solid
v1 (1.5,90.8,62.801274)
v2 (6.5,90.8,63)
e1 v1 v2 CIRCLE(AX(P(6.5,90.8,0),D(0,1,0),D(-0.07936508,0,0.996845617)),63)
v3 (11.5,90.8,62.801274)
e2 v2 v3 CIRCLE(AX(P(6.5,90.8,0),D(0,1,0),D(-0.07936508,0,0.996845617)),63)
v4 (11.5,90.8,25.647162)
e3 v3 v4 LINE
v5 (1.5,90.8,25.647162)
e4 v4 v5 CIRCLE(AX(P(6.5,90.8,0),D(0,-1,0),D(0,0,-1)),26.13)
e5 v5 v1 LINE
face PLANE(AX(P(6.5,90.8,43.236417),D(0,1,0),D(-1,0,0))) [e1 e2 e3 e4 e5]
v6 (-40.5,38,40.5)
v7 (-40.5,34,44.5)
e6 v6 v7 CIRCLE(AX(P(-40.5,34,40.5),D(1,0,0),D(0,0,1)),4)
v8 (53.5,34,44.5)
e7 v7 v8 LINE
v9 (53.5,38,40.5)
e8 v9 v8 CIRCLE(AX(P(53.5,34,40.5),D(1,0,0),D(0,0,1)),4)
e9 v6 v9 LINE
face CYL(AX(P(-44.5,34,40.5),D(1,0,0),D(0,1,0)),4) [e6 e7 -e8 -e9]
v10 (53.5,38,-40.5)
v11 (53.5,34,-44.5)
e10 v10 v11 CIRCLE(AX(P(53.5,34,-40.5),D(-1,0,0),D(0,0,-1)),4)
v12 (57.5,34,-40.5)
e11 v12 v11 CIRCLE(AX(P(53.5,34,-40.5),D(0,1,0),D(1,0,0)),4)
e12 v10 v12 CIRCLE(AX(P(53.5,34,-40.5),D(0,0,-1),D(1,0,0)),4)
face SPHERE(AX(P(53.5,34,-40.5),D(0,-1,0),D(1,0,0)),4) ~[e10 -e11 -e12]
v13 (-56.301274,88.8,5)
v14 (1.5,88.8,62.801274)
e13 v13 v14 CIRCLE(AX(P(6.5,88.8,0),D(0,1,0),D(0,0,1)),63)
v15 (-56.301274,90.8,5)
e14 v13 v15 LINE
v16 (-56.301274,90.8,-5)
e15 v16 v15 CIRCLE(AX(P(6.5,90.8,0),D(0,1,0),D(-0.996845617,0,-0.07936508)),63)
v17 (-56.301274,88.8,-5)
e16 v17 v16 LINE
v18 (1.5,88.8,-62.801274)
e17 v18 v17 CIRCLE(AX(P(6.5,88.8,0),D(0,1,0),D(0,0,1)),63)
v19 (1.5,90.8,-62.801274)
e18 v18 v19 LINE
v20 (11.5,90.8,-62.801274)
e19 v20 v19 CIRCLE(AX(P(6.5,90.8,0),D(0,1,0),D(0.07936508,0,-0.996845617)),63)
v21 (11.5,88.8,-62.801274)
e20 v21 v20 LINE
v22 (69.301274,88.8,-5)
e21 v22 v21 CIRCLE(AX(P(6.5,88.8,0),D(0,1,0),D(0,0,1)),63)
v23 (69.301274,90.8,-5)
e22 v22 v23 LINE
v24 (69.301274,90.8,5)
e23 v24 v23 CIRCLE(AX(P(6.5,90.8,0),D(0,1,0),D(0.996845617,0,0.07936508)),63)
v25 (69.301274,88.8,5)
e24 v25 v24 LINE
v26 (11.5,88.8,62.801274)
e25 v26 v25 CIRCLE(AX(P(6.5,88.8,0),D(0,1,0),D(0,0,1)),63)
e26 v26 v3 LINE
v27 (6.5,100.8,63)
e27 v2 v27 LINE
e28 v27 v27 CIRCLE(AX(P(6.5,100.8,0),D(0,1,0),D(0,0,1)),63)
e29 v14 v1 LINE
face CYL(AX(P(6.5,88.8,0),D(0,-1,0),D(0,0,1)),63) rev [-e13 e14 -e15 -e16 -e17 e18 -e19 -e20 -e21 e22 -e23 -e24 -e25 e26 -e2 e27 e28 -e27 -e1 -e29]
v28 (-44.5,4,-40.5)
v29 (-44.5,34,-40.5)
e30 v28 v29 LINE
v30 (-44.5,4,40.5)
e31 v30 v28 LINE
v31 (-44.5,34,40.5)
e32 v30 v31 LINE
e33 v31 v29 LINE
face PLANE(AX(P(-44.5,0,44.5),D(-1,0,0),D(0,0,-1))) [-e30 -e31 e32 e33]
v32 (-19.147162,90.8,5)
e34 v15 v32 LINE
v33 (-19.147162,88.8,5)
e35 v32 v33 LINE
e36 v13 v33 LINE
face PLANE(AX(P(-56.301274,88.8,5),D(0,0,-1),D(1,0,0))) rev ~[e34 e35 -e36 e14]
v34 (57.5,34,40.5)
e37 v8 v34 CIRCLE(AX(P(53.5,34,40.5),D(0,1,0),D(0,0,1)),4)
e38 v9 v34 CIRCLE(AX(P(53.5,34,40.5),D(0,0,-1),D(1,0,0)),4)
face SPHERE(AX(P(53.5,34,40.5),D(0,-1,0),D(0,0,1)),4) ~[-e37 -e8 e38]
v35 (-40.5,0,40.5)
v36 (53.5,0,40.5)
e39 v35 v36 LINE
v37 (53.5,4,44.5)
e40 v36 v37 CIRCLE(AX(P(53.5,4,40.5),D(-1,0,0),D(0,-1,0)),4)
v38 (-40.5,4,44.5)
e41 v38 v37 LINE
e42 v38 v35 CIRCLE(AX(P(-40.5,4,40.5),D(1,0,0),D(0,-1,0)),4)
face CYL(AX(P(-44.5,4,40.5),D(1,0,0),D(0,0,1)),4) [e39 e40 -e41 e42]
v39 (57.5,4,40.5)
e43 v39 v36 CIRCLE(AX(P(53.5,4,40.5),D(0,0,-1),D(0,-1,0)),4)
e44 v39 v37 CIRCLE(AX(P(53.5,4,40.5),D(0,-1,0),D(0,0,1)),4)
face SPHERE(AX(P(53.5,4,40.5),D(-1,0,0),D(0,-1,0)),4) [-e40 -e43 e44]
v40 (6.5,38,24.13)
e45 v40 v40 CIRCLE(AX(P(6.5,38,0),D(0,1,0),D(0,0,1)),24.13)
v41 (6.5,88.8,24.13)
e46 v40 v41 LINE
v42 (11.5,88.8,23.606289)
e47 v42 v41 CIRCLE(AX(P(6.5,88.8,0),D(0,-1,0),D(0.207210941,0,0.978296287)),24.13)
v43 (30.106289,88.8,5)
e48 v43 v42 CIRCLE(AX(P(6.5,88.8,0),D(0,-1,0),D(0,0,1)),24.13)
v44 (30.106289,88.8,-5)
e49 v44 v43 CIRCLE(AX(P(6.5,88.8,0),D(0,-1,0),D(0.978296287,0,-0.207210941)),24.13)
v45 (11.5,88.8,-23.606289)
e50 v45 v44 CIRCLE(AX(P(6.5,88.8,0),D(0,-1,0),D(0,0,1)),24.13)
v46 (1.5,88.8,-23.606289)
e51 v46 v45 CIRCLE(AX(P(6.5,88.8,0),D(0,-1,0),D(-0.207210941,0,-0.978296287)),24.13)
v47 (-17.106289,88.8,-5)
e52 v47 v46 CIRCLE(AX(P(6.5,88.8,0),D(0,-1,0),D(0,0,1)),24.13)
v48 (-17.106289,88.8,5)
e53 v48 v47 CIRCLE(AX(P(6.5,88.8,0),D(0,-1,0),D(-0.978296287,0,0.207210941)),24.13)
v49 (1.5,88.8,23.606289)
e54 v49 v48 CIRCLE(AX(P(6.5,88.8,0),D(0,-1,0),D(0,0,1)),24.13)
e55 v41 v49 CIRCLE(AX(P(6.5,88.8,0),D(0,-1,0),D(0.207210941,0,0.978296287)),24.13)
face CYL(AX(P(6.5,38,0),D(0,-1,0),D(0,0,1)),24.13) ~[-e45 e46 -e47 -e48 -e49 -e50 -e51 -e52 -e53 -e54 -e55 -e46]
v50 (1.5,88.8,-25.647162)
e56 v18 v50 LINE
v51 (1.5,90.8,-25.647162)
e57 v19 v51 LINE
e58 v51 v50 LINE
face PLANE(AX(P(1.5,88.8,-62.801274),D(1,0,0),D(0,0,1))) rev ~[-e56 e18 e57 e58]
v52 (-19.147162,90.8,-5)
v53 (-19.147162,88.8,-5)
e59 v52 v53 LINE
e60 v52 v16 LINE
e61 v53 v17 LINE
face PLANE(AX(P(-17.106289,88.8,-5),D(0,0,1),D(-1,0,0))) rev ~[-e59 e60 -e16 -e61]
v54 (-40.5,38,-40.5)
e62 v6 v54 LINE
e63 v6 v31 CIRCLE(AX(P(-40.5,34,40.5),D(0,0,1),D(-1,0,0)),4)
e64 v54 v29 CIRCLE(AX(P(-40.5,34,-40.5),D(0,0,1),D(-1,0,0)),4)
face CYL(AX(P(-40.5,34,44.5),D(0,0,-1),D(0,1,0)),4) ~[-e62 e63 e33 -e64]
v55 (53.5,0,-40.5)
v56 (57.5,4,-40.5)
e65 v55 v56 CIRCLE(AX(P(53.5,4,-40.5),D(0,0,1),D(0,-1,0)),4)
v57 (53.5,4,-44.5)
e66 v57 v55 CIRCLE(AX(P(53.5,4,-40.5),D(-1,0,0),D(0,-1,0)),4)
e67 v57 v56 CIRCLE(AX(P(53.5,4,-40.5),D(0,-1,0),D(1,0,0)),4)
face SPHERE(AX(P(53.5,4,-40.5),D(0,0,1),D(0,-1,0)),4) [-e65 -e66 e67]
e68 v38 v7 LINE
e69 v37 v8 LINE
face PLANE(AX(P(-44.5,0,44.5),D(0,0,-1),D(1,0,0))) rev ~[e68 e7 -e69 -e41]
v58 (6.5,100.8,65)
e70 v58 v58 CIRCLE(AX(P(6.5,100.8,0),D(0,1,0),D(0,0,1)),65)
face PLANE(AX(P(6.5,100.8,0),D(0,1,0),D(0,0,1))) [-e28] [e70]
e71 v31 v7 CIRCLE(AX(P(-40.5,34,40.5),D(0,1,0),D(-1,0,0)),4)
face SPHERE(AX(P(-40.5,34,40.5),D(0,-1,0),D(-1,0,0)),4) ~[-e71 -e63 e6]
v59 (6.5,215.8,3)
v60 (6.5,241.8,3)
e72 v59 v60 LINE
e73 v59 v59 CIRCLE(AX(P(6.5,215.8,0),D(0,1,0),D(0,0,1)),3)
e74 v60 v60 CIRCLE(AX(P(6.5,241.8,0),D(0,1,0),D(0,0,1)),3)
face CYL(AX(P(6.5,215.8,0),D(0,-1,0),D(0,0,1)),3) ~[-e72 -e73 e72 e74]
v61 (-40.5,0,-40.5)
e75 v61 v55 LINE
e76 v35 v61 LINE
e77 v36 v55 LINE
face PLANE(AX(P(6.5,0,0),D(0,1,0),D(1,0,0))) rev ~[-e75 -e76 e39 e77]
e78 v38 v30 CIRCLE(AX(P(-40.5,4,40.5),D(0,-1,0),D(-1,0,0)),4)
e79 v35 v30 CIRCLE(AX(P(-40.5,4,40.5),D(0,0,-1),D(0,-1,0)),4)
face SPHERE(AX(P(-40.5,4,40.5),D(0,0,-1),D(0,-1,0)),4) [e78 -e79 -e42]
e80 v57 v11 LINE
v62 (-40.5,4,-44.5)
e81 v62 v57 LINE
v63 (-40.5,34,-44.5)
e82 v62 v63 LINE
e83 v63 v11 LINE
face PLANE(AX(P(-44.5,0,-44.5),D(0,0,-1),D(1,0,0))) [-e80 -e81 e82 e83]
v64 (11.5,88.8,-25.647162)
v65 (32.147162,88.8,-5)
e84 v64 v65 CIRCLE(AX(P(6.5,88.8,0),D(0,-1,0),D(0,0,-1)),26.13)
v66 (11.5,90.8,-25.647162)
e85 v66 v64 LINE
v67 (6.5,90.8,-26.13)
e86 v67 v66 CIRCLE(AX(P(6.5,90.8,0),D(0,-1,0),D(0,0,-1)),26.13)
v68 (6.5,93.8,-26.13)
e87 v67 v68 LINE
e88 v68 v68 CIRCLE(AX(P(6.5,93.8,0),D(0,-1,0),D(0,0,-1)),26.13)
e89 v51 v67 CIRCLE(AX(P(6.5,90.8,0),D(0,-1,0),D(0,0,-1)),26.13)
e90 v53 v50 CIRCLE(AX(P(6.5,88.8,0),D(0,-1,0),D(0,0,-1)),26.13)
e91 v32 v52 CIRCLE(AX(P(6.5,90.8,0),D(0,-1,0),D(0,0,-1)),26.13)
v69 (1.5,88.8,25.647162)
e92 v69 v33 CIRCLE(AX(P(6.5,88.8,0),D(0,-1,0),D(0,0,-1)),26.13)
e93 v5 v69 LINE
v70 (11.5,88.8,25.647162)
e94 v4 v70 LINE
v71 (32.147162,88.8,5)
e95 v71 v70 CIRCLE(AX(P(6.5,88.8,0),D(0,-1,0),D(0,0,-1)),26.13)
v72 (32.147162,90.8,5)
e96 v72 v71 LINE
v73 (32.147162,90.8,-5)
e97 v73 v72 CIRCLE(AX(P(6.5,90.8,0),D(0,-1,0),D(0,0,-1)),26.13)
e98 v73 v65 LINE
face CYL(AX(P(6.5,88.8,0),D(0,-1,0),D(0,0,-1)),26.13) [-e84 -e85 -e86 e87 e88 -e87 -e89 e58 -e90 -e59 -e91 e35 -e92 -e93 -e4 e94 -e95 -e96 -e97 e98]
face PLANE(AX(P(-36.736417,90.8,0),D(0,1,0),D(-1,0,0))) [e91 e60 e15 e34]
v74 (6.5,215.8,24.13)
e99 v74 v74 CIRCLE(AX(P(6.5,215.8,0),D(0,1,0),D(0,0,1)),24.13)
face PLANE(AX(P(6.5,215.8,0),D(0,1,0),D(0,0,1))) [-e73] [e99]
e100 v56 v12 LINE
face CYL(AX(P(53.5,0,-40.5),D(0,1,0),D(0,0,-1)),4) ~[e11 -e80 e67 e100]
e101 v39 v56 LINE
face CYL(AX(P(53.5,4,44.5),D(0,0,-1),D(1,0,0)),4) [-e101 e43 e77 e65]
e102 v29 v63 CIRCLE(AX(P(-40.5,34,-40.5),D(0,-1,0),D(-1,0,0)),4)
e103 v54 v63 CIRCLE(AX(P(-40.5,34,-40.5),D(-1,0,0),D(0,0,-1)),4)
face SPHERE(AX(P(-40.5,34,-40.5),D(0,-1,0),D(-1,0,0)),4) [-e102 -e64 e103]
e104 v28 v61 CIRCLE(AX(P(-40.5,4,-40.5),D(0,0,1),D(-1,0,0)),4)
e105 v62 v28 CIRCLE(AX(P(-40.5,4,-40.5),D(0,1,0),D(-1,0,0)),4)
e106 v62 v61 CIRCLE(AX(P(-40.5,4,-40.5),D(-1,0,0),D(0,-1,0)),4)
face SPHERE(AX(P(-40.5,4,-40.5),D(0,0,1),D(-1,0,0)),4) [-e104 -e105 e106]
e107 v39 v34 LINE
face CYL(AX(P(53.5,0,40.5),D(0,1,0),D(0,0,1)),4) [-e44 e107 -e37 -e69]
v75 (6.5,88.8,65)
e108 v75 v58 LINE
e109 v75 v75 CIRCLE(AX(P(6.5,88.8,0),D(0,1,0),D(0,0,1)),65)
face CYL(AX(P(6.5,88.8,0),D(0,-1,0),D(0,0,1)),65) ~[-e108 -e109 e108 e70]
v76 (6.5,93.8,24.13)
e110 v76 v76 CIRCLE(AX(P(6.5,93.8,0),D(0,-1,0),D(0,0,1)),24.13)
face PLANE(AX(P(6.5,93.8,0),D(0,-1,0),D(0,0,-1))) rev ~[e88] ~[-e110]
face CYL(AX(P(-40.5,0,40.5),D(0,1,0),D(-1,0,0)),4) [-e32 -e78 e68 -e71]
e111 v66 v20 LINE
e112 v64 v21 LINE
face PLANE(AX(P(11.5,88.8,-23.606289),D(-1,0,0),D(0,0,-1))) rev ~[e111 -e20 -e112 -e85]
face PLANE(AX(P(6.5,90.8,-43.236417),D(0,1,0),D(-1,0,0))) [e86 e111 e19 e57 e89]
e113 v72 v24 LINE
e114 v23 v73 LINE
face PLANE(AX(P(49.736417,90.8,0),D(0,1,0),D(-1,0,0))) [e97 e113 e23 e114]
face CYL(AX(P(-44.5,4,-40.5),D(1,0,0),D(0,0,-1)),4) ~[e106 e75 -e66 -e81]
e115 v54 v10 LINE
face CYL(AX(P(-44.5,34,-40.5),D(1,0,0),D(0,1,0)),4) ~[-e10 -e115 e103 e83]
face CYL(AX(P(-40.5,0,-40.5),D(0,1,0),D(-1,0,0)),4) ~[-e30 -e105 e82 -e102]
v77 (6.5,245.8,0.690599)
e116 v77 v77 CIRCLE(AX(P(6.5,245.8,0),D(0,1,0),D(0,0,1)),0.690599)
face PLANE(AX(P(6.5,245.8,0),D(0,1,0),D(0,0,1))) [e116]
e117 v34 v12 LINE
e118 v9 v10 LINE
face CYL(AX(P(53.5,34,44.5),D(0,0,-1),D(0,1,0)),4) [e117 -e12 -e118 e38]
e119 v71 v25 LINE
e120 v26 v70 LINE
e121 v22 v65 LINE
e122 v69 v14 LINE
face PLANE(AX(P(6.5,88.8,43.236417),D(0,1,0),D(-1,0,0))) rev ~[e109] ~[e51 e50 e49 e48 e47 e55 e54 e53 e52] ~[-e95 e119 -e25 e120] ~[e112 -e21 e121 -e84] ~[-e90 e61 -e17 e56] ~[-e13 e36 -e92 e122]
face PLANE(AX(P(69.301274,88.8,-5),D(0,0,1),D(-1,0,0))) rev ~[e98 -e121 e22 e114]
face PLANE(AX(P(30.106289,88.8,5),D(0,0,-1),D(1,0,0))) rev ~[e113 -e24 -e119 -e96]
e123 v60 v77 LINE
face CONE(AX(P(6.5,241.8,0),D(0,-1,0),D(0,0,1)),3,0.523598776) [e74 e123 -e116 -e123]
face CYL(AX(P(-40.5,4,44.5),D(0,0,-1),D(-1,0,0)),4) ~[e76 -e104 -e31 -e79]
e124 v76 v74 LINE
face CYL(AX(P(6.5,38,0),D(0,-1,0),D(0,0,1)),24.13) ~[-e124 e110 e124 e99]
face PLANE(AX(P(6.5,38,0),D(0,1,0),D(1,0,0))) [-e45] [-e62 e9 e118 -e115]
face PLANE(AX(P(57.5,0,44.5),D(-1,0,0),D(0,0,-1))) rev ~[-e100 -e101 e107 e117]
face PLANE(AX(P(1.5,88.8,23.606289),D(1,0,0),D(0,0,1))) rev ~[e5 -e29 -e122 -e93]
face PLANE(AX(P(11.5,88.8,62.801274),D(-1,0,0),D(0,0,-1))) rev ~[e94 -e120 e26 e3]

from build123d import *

# Parameters (mm, degrees)
SKETCH2_W           = 102
SKETCH2_H           = 89
BOSS_EXTRUDE1_DEPTH = 38
SKETCH3_R           = 24.13
BOSS_EXTRUDE2_DEPTH = 177.8
BOSS_EXTRUDE3_START = 50.8
SKETCH4_R           = 65
SKETCH4_R_2         = 63
BOSS_EXTRUDE3_DEPTH = 12
BOSS_EXTRUDE4_DEPTH = 2
SKETCH7_R           = 26.13
SKETCH7_R_2         = 24.13
BOSS_EXTRUDE6_DEPTH = 5
SKETCH6_R           = 3
BOSS_EXTRUDE5_DEPTH = 30
CHAMFER1_SIZE       = 4
CHAMFER1_SIZE2      = 2.309401077
FILLET1_R           = 4


with BuildPart() as part:
    # Sketch2 → Boss-Extrude1 (new body)
    with BuildSketch(Plane(origin=(0, 0, 0), x_dir=(1, 0, 0), z_dir=(0, 1, 0))):
        with Locations((6.5, 0)):
            Rectangle(SKETCH2_W, SKETCH2_H)
    extrude(amount=BOSS_EXTRUDE1_DEPTH)

    # Sketch3 → Boss-Extrude2 (add)
    with BuildSketch(Plane(origin=(0, 38, 0), x_dir=(1, 0, 0), z_dir=(0, 1, 0))):
        with Locations(Location((6.5, 0, 0), (0, 0, 270))):
            Circle(SKETCH3_R)
    extrude(amount=BOSS_EXTRUDE2_DEPTH)

    # Sketch5 → Boss-Extrude4 (add)
    with BuildSketch(Plane.XZ.offset(-88.8)):
        with BuildLine():
            Line((1.5, 23.606289416), (1.5, 62.801273872))
            ThreePointArc((1.5, 62.801273872), (6.5, 63), (11.5, 62.801273872))
            Line((11.5, 62.801273872), (11.5, 23.606289416))
            ThreePointArc((11.5, 23.606289416), (6.5, 24.13), (1.5, 23.606289416))
        make_face()
        with BuildLine():
            Line((69.301273872, -5), (30.106289416, -5))
            ThreePointArc((30.106289416, -5), (30.63, 0), (30.106289416, 5))
            Line((30.106289416, 5), (69.301273872, 5))
            ThreePointArc((69.301273872, 5), (69.5, 0), (69.301273872, -5))
        make_face()
        with BuildLine():
            Line((1.5, -62.801273872), (1.5, -23.606289416))
            ThreePointArc((1.5, -23.606289416), (6.5, -24.13), (11.5, -23.606289416))
            Line((11.5, -23.606289416), (11.5, -62.801273872))
            ThreePointArc((11.5, -62.801273872), (6.5, -63), (1.5, -62.801273872))
        make_face()
        with BuildLine():
            Line((-56.301273872, 5), (-17.106289416, 5))
            ThreePointArc((-17.106289416, 5), (-17.63, 0), (-17.106289416, -5))
            Line((-17.106289416, -5), (-56.301273872, -5))
            ThreePointArc((-56.301273872, -5), (-56.5, 0), (-56.301273872, 5))
        make_face()
    extrude(amount=-BOSS_EXTRUDE4_DEPTH)


with BuildPart() as body_2:
    # Sketch4 → Boss-Extrude3 (new body)
    with BuildSketch(Plane(origin=(0, 38, 0), x_dir=(1, 0, 0), z_dir=(0, 1, 0)).offset(BOSS_EXTRUDE3_START)):
        with Locations(Location((6.5, 0, 0), (0, 0, 270))):
            Circle(SKETCH4_R)
        with Locations(Location((6.5, 0, 0), (0, 0, 270))):
            Circle(SKETCH4_R_2, mode=Mode.SUBTRACT)
    extrude(amount=BOSS_EXTRUDE3_DEPTH)


    add(part.part)  # Boss-Extrude6 merges part
    # Sketch7 → Boss-Extrude6 (add)
    with BuildSketch(Plane.XZ.offset(-88.8)):
        with Locations(Location((6.5, 0, 0), (0, 0, 270))):
            Circle(SKETCH7_R)
        with Locations(Location((6.5, 0, 0), (0, 0, 90))):
            Circle(SKETCH7_R_2, mode=Mode.SUBTRACT)
    extrude(amount=-BOSS_EXTRUDE6_DEPTH)

    # Sketch6 → Boss-Extrude5 (add)
    with BuildSketch(Plane(origin=(0, 215.8, 0), x_dir=(1, 0, 0), z_dir=(0, 1, 0))):
        with Locations(Location((6.5, 0, 0), (0, 0, 270))):
            Circle(SKETCH6_R)
    extrude(amount=BOSS_EXTRUDE5_DEPTH)

    # Chamfer1
    chamfer1_edges = [body_2.edges().sort_by_distance(p)[0] for p in [
        (6.5, 245.8, -3),
    ]]
    chamfer1_side = [body_2.faces().sort_by_distance(p)[0] for p in [
        (6.5, 230.8, -3),
    ]]
    chamfer(chamfer1_edges, length=CHAMFER1_SIZE, length2=CHAMFER1_SIZE2, reference=chamfer1_side[0])

    # Fillet1
    fillet1_edges = [body_2.edges().sort_by_distance(p)[0] for p in [
        (-44.5, 0, 0),
        (-44.5, 19, -44.5),
        (6.5, 0, 44.5),
        (-44.5, 19, 44.5),
        (57.5, 0, 0),
        (57.5, 19, 44.5),
        (6.5, 0, -44.5),
        (57.5, 19, -44.5),
        (-44.5, 38, 0),
        (6.5, 38, 44.5),
        (57.5, 38, 0),
        (6.5, 38, -44.5),
    ]]
    fillet(fillet1_edges, radius=FILLET1_R)


solid = body_2.part
